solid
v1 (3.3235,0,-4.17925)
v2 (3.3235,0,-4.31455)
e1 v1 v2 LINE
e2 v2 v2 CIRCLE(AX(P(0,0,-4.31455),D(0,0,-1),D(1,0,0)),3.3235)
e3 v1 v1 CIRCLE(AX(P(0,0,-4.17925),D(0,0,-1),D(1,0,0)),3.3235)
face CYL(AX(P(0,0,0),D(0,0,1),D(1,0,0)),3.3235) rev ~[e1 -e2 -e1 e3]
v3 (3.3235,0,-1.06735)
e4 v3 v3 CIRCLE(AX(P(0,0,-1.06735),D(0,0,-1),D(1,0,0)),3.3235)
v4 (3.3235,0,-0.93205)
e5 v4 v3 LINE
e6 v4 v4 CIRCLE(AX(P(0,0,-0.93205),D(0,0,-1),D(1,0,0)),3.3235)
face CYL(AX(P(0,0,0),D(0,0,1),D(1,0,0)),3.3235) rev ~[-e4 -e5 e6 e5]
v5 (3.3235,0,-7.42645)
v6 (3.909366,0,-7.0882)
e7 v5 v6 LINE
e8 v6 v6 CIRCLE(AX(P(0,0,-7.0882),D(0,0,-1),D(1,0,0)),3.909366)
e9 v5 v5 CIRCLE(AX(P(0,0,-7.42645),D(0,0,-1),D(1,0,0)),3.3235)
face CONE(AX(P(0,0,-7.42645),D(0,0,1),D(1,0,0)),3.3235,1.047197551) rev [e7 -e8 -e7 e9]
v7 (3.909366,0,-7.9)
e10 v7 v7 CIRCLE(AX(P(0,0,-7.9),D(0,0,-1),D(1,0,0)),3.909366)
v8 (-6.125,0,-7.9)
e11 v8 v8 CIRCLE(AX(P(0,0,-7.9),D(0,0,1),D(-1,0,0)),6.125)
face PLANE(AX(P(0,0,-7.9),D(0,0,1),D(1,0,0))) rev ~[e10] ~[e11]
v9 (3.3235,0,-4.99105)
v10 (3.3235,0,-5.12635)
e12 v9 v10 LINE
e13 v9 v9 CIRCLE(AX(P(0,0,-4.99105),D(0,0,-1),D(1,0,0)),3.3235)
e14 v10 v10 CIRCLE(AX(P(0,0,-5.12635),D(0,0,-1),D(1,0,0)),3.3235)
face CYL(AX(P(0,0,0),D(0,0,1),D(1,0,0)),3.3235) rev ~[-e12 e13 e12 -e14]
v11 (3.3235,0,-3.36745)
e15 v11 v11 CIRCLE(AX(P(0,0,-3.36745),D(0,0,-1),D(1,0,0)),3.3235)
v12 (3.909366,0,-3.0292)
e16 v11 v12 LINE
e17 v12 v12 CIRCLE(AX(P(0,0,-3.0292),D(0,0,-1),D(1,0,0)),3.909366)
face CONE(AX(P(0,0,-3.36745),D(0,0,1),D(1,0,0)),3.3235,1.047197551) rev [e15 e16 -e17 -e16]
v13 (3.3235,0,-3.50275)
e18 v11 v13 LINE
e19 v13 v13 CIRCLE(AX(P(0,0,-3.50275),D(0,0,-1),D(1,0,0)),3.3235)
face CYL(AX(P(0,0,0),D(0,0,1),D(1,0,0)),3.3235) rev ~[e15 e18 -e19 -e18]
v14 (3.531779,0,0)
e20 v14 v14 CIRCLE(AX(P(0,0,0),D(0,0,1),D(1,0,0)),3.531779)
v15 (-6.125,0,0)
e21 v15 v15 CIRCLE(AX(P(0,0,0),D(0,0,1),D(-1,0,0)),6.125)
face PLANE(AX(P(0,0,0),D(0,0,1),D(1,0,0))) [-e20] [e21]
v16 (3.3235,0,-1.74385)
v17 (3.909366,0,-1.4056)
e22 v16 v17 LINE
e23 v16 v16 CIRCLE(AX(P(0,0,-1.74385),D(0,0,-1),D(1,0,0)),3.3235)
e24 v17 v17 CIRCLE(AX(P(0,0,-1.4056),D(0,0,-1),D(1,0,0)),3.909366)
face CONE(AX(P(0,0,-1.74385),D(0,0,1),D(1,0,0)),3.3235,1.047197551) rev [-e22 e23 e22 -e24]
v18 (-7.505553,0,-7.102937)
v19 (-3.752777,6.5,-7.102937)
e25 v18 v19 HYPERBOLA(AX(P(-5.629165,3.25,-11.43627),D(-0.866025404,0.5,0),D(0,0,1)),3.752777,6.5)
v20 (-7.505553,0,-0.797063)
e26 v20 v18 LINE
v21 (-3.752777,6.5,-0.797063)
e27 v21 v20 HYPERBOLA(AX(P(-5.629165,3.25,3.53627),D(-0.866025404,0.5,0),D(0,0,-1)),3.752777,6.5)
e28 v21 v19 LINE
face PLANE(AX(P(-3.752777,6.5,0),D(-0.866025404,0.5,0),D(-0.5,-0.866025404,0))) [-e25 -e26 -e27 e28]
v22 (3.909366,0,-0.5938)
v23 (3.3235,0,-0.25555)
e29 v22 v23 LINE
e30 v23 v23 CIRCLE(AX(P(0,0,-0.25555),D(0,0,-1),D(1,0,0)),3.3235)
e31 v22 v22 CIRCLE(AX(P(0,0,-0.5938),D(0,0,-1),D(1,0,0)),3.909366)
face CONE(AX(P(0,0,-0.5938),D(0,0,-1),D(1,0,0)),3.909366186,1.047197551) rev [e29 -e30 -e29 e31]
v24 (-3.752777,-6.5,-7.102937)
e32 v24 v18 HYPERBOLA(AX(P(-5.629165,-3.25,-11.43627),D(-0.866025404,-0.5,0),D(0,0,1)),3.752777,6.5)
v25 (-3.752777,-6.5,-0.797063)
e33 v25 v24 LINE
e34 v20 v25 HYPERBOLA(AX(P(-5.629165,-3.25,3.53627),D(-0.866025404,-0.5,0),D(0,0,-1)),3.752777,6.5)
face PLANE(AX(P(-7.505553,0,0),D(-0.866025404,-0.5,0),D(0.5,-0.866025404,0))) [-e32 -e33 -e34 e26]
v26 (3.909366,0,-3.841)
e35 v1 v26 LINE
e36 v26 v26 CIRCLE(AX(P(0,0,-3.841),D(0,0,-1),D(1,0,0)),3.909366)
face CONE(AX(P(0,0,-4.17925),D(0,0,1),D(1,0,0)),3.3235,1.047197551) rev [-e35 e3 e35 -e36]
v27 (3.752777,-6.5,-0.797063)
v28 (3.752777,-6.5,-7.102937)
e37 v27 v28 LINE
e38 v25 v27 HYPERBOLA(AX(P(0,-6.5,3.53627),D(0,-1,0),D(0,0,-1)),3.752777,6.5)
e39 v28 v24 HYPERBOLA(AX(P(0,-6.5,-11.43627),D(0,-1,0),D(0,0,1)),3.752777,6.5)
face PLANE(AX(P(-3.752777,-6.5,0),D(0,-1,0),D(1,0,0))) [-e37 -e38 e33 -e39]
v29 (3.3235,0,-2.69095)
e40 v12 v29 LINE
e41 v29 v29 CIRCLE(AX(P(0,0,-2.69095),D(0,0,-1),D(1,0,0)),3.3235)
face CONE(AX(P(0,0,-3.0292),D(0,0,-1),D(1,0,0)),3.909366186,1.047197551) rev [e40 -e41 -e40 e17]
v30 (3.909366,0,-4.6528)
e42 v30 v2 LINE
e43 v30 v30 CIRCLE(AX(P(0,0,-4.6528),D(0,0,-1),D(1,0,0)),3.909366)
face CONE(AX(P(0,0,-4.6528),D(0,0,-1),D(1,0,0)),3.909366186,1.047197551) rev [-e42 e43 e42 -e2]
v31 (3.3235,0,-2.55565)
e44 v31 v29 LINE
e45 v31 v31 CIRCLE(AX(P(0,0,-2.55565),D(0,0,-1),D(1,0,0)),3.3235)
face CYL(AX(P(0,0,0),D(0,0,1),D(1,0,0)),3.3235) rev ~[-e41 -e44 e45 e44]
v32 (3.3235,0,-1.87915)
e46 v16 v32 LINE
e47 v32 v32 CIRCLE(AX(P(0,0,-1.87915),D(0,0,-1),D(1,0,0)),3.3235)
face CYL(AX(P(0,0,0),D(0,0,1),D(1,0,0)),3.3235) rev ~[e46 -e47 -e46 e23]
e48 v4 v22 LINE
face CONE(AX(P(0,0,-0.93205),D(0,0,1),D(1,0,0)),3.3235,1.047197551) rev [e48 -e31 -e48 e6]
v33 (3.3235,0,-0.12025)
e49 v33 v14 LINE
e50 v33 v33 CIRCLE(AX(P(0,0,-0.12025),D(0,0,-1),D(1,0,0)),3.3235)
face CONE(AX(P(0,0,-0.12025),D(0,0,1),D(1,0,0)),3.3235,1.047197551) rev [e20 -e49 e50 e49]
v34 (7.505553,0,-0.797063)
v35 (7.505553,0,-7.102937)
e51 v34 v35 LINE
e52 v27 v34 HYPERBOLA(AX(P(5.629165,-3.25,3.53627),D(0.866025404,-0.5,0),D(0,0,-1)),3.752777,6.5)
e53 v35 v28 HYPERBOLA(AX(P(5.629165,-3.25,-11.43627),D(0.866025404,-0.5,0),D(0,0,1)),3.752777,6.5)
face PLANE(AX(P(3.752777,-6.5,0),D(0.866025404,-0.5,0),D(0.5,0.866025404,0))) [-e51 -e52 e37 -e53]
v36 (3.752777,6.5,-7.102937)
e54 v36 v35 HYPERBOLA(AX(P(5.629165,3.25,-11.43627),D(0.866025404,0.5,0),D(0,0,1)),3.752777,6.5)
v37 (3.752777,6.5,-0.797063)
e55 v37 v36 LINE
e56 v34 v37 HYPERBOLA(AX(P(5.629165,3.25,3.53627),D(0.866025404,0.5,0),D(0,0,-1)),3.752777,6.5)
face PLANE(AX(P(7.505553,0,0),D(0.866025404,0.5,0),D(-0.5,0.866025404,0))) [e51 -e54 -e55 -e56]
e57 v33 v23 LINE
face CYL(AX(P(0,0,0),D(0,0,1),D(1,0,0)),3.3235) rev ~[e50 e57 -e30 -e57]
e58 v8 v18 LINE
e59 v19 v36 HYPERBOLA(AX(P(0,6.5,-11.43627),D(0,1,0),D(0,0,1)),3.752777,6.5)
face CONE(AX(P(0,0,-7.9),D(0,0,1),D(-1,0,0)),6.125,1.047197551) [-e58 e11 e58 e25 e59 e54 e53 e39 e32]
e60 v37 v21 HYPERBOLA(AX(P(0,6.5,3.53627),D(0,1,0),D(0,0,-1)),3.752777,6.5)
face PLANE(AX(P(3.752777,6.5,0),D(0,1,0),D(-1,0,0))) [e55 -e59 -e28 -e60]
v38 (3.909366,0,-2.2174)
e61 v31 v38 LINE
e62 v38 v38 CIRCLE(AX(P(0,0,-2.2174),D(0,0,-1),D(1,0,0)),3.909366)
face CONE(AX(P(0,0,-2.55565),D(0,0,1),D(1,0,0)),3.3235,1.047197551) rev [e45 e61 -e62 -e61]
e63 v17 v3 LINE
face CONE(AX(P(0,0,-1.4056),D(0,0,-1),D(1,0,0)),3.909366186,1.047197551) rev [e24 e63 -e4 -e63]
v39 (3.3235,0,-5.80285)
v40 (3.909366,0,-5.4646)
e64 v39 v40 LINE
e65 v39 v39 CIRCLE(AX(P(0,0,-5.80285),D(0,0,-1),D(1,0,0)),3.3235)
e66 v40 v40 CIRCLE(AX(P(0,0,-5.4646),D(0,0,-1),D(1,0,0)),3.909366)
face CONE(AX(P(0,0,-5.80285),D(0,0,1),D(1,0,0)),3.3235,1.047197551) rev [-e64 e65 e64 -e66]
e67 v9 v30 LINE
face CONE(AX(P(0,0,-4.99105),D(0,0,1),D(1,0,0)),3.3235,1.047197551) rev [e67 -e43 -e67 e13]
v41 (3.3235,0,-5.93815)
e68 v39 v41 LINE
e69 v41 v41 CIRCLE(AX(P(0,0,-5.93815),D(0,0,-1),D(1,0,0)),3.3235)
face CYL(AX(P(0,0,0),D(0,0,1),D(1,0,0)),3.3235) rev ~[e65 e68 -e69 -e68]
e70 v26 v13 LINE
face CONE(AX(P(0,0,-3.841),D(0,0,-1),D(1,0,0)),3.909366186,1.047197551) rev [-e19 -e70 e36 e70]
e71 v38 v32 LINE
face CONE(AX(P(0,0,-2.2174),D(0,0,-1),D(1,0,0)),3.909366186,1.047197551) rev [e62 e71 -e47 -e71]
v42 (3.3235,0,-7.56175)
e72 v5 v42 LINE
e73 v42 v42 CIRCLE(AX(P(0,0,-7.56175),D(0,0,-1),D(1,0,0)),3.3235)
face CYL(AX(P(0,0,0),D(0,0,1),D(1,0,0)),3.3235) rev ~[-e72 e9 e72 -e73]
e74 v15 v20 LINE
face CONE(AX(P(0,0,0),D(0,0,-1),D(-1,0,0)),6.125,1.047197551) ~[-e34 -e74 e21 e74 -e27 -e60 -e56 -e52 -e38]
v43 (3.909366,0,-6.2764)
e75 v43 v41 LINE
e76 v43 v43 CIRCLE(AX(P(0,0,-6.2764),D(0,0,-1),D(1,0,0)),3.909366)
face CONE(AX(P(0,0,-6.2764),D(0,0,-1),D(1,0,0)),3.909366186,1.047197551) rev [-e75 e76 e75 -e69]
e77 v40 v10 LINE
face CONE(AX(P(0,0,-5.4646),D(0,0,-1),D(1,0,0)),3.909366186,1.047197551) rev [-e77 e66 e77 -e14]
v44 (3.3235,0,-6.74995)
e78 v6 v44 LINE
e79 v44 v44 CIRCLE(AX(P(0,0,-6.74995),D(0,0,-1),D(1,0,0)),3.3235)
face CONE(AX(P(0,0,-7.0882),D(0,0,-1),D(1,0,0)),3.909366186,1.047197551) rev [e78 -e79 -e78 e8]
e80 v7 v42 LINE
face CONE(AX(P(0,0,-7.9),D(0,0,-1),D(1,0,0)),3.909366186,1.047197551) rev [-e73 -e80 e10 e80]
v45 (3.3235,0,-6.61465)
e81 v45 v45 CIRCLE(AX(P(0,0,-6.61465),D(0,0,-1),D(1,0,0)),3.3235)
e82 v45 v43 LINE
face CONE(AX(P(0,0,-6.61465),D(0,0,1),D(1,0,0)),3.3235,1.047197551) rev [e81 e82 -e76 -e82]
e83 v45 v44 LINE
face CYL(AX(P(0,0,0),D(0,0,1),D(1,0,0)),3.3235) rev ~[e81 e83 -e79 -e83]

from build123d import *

# Parameters (mm, degrees)
SKETCH1_R        = 3.3235
BASENUT_DEPTH    = 7.9
LPATTERN10_COUNT = 11
LPATTERN10_PITCH = 0.8118


with BuildPart() as part:
    # Sketch1 → BaseNut (new body)
    with BuildSketch(Plane.XY):
        Polygon((3.75277675, -6.5), (7.505553499, 0), (3.75277675, 6.5), (-3.75277675, 6.5), (-7.505553499, 0), (-3.75277675, -6.5), align=None)
        Circle(SKETCH1_R, mode=Mode.SUBTRACT)
    extrude(amount=-BASENUT_DEPTH)

    # Sketch2 → Double-Chamfer (revolve, cut)
    with BuildSketch(Plane(origin=(0, 0, 0), x_dir=(1, 0, 0), z_dir=(0, 1, 0))):
        Polygon((-7.505553499, 7.9), (-6.125, 7.9), (-7.505553499, 7.102937065), align=None)
        Polygon((-7.505553499, 0.797062935), (-7.505553499, 0), (-6.125, 0), align=None)
    revolve(axis=Axis((0, 0, -3.375940562), (0, 0, 1)), mode=Mode.SUBTRACT)

    # Sketch4 → Cut-Revolve10 (revolve, cut)
    with BuildSketch(Plane(origin=(0, 0, 0), x_dir=(1, 0, 0), z_dir=(0, 1, 0))):
        Polygon((3.909366186, 7.9), (3.3235, 7.56175), (2.647, 7.56175), (2.647, 8.23825), (3.3235, 8.23825), align=None)
    cut_revolve10 = revolve(axis=Axis((0, 0, 0), (0, 0, -1)), mode=Mode.SUBTRACT)

    # LPattern10: Cut-Revolve10 ×11
    with Locations(*[(0, 0, i * LPATTERN10_PITCH) for i in range(1, LPATTERN10_COUNT)]):
        add(cut_revolve10, mode=Mode.SUBTRACT)


solid = part.part
